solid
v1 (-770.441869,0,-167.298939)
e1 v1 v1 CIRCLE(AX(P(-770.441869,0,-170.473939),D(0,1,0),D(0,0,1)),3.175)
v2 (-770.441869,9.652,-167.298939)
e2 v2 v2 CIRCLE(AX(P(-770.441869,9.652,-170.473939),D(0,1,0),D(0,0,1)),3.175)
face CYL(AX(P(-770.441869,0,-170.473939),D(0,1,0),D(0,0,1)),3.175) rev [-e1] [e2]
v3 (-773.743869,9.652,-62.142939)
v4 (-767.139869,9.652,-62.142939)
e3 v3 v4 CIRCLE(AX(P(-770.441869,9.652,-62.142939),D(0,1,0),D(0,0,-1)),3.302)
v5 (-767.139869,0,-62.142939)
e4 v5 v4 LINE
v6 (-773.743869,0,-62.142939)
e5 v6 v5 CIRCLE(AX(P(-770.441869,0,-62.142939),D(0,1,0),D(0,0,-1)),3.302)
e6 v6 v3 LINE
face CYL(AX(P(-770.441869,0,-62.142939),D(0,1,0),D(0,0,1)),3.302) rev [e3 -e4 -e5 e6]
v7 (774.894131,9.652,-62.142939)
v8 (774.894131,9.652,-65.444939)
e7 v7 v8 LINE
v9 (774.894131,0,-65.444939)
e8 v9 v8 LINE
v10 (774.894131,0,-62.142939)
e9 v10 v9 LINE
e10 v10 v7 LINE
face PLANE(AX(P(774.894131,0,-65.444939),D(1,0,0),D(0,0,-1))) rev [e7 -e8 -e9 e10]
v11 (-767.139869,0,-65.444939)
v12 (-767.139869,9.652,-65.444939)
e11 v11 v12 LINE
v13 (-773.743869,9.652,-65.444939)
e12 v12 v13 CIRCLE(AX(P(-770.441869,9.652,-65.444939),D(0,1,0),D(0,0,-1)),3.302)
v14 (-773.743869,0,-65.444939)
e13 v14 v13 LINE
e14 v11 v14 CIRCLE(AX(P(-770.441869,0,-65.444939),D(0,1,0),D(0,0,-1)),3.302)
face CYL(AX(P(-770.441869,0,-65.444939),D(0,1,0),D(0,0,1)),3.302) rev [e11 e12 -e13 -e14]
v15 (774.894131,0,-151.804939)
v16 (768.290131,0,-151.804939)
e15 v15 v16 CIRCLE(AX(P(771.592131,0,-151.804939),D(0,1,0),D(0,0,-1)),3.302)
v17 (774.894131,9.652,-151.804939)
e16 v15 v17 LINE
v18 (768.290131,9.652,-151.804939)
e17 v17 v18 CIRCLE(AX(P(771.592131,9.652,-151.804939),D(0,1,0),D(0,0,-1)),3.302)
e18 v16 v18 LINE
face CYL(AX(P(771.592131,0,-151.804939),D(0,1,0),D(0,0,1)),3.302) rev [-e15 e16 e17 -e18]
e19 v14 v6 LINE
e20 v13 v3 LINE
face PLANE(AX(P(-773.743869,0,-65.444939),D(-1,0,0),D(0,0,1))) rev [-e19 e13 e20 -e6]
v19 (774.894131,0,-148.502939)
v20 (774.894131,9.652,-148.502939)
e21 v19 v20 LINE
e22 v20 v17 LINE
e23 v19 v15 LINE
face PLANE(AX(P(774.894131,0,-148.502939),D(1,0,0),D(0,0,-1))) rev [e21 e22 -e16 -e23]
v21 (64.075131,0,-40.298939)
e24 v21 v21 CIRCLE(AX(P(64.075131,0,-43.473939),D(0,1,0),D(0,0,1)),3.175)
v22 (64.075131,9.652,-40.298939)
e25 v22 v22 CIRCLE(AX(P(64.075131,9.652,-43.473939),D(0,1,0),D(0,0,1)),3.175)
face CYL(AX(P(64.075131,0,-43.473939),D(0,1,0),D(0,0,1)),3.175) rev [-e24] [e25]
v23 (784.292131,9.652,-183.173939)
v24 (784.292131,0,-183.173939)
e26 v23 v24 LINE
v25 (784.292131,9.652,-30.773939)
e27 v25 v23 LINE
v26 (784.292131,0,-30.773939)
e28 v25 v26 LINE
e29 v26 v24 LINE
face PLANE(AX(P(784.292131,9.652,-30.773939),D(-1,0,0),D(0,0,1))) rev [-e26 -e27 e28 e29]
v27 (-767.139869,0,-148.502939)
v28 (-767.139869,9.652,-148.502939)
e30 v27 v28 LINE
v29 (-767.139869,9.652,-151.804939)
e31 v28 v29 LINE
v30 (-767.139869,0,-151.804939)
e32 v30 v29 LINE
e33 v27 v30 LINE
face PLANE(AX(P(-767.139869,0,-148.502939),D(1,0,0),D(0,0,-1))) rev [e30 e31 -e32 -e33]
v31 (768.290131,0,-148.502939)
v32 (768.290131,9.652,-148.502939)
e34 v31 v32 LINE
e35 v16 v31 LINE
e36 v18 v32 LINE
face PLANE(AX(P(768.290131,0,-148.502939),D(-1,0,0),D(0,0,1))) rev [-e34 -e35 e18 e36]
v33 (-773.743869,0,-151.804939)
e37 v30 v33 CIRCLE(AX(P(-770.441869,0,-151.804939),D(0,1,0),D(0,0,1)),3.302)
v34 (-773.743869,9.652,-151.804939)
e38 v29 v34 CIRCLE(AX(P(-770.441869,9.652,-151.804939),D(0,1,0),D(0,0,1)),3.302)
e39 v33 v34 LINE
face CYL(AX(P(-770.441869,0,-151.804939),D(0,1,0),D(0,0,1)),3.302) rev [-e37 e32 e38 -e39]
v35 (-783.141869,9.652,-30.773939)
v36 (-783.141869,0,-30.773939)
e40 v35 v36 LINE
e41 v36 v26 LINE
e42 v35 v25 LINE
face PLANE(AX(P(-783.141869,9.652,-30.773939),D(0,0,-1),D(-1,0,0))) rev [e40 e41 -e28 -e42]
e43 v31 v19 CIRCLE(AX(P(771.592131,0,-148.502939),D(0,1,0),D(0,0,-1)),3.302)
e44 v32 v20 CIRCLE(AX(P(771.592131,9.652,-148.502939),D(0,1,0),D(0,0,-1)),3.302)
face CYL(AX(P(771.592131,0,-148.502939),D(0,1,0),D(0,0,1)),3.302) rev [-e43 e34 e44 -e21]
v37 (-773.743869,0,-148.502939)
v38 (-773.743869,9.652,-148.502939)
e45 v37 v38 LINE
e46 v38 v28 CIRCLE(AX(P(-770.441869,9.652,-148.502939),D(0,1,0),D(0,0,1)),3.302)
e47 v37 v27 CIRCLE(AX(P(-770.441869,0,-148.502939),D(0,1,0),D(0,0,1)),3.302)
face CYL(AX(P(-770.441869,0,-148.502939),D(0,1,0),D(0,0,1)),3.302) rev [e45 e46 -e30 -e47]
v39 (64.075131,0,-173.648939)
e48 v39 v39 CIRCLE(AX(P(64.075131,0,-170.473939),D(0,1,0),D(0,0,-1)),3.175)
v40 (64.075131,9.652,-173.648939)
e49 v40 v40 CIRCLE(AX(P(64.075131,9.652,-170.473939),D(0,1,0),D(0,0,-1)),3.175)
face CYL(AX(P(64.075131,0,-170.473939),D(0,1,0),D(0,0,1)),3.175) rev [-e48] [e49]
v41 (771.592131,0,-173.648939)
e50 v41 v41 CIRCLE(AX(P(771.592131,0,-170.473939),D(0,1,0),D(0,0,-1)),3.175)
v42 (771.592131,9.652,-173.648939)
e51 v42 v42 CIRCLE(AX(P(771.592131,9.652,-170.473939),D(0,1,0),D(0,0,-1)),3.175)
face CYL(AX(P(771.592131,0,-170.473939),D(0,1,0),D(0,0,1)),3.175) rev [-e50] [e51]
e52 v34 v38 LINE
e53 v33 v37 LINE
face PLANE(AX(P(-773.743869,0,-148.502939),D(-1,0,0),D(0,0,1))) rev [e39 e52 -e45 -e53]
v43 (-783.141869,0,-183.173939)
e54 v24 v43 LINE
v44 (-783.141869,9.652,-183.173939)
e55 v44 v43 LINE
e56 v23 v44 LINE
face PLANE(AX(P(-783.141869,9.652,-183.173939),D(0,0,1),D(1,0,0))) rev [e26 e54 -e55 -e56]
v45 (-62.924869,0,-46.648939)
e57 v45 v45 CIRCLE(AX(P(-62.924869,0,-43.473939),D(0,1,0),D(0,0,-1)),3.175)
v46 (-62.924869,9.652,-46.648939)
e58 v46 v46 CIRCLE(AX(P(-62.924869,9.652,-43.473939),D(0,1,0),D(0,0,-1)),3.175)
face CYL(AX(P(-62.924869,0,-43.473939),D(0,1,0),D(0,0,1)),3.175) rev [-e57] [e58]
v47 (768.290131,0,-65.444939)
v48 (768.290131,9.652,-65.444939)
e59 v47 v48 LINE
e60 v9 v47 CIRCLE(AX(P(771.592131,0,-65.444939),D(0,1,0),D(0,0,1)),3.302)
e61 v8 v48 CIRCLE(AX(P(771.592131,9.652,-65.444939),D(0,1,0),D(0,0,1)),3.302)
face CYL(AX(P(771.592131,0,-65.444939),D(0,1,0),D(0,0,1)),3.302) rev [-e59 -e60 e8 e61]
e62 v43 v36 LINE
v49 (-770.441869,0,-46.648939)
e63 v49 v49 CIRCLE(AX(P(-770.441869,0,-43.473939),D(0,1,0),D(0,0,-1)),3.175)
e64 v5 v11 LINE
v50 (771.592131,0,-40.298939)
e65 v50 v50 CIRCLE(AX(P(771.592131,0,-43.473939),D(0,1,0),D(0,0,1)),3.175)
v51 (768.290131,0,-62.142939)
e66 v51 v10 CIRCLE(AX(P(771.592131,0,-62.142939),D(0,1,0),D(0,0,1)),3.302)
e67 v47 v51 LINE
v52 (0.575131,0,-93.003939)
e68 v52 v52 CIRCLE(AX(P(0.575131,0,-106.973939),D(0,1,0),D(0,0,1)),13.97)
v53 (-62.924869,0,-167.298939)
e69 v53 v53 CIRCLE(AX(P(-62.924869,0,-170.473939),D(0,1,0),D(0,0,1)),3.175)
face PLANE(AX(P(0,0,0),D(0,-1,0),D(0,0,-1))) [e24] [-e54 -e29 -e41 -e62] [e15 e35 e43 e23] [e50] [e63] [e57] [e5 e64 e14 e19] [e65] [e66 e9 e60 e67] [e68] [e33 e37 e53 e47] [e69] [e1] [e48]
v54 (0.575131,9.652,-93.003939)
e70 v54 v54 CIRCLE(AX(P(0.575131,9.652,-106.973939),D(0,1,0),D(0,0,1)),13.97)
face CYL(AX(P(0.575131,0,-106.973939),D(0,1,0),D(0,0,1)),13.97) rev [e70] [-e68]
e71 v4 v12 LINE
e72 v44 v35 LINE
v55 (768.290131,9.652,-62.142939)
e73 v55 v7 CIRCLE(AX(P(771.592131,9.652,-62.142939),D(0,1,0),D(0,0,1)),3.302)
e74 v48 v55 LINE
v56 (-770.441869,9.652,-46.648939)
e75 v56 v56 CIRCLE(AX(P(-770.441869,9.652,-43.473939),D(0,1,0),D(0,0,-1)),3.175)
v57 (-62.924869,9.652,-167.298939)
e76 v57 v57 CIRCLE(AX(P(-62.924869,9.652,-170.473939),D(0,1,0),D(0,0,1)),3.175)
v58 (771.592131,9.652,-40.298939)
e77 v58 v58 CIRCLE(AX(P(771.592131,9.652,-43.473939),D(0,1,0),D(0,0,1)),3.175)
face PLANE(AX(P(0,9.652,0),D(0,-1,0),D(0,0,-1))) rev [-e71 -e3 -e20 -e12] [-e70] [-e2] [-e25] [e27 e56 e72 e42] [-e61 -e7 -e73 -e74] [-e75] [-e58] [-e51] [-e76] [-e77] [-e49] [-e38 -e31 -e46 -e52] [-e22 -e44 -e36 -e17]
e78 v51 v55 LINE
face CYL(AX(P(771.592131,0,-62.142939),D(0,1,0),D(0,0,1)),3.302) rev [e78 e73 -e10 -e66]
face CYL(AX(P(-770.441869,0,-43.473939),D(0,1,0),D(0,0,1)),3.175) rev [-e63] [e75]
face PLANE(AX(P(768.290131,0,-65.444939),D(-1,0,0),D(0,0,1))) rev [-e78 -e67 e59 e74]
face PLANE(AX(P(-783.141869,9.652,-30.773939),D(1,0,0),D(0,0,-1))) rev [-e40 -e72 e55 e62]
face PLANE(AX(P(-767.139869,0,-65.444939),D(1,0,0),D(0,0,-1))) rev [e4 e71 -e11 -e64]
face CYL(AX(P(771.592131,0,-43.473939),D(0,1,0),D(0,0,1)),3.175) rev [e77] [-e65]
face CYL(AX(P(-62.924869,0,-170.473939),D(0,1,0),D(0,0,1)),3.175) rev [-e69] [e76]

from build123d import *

# Parameters (mm, degrees)
SKETCH1_W           = 1567.434
SKETCH1_H           = 152.4
BOSS_EXTRUDE1_DEPTH = 9.652
SKETCH2_R           = 3.175
SKETCH2_R_2         = 13.97
CUT_EXTRUDE2_DEPTH  = 10.652


with BuildPart() as part:
    # Sketch1 → Boss-Extrude1 (new body)
    with BuildSketch(Plane(origin=(0, 0, 0), x_dir=(1, 0, 0), z_dir=(0, 1, 0))):
        with Locations((0.575131409, 106.973938621)):
            Rectangle(SKETCH1_W, SKETCH1_H)
    extrude(amount=BOSS_EXTRUDE1_DEPTH)

    # Sketch2 → Cut-Extrude2 (cut, through all)
    with BuildSketch(Plane(origin=(0, 9.652, 0), x_dir=(1, 0, 0), z_dir=(0, 1, 0))):
        with Locations((-770.441868591, 170.473938621)):
            Circle(SKETCH2_R)
        with Locations((-770.441868591, 43.473938621)):
            Circle(SKETCH2_R)
        with Locations((771.592131409, 43.473938621)):
            Circle(SKETCH2_R)
        with Locations((771.592131409, 170.473938621)):
            Circle(SKETCH2_R)
        with Locations((0.575131409, 106.973938621)):
            Circle(SKETCH2_R_2)
        with Locations((-62.924868591, 170.473938621)):
            Circle(SKETCH2_R)
        with Locations((-62.924868591, 43.473938621)):
            Circle(SKETCH2_R)
        with Locations((64.075131409, 43.473938621)):
            Circle(SKETCH2_R)
        with Locations((64.075131409, 170.473938621)):
            Circle(SKETCH2_R)
        with BuildLine():
            Line((-773.743868591, 148.502938621), (-773.743868591, 151.804938621))
            ThreePointArc((-773.743868591, 151.804938621), (-770.441868591, 155.106938621), (-767.139868591, 151.804938621))
            Line((-767.139868591, 151.804938621), (-767.139868591, 148.502938621))
            ThreePointArc((-767.139868591, 148.502938621), (-770.441868591, 145.200938621), (-773.743868591, 148.502938621))
        make_face()
        with BuildLine():
            Line((-773.743868591, 65.444938621), (-773.743868591, 62.142938621))
            ThreePointArc((-773.743868591, 62.142938621), (-770.441868591, 58.840938621), (-767.139868591, 62.142938621))
            Line((-767.139868591, 62.142938621), (-767.139868591, 65.444938621))
            ThreePointArc((-767.139868591, 65.444938621), (-770.441868591, 68.746938621), (-773.743868591, 65.444938621))
        make_face()
        with BuildLine():
            Line((774.894131409, 65.444938621), (774.894131409, 62.142938621))
            ThreePointArc((774.894131409, 62.142938621), (771.592131409, 58.840938621), (768.290131409, 62.142938621))
            Line((768.290131409, 62.142938621), (768.290131409, 65.444938621))
            ThreePointArc((768.290131409, 65.444938621), (771.592131409, 68.746938621), (774.894131409, 65.444938621))
        make_face()
        with BuildLine():
            Line((774.894131409, 148.502938621), (774.894131409, 151.804938621))
            ThreePointArc((774.894131409, 151.804938621), (771.592131409, 155.106938621), (768.290131409, 151.804938621))
            Line((768.290131409, 151.804938621), (768.290131409, 148.502938621))
            ThreePointArc((768.290131409, 148.502938621), (771.592131409, 145.200938621), (774.894131409, 148.502938621))
        make_face()
    extrude(amount=-CUT_EXTRUDE2_DEPTH, mode=Mode.SUBTRACT)


solid = part.part
